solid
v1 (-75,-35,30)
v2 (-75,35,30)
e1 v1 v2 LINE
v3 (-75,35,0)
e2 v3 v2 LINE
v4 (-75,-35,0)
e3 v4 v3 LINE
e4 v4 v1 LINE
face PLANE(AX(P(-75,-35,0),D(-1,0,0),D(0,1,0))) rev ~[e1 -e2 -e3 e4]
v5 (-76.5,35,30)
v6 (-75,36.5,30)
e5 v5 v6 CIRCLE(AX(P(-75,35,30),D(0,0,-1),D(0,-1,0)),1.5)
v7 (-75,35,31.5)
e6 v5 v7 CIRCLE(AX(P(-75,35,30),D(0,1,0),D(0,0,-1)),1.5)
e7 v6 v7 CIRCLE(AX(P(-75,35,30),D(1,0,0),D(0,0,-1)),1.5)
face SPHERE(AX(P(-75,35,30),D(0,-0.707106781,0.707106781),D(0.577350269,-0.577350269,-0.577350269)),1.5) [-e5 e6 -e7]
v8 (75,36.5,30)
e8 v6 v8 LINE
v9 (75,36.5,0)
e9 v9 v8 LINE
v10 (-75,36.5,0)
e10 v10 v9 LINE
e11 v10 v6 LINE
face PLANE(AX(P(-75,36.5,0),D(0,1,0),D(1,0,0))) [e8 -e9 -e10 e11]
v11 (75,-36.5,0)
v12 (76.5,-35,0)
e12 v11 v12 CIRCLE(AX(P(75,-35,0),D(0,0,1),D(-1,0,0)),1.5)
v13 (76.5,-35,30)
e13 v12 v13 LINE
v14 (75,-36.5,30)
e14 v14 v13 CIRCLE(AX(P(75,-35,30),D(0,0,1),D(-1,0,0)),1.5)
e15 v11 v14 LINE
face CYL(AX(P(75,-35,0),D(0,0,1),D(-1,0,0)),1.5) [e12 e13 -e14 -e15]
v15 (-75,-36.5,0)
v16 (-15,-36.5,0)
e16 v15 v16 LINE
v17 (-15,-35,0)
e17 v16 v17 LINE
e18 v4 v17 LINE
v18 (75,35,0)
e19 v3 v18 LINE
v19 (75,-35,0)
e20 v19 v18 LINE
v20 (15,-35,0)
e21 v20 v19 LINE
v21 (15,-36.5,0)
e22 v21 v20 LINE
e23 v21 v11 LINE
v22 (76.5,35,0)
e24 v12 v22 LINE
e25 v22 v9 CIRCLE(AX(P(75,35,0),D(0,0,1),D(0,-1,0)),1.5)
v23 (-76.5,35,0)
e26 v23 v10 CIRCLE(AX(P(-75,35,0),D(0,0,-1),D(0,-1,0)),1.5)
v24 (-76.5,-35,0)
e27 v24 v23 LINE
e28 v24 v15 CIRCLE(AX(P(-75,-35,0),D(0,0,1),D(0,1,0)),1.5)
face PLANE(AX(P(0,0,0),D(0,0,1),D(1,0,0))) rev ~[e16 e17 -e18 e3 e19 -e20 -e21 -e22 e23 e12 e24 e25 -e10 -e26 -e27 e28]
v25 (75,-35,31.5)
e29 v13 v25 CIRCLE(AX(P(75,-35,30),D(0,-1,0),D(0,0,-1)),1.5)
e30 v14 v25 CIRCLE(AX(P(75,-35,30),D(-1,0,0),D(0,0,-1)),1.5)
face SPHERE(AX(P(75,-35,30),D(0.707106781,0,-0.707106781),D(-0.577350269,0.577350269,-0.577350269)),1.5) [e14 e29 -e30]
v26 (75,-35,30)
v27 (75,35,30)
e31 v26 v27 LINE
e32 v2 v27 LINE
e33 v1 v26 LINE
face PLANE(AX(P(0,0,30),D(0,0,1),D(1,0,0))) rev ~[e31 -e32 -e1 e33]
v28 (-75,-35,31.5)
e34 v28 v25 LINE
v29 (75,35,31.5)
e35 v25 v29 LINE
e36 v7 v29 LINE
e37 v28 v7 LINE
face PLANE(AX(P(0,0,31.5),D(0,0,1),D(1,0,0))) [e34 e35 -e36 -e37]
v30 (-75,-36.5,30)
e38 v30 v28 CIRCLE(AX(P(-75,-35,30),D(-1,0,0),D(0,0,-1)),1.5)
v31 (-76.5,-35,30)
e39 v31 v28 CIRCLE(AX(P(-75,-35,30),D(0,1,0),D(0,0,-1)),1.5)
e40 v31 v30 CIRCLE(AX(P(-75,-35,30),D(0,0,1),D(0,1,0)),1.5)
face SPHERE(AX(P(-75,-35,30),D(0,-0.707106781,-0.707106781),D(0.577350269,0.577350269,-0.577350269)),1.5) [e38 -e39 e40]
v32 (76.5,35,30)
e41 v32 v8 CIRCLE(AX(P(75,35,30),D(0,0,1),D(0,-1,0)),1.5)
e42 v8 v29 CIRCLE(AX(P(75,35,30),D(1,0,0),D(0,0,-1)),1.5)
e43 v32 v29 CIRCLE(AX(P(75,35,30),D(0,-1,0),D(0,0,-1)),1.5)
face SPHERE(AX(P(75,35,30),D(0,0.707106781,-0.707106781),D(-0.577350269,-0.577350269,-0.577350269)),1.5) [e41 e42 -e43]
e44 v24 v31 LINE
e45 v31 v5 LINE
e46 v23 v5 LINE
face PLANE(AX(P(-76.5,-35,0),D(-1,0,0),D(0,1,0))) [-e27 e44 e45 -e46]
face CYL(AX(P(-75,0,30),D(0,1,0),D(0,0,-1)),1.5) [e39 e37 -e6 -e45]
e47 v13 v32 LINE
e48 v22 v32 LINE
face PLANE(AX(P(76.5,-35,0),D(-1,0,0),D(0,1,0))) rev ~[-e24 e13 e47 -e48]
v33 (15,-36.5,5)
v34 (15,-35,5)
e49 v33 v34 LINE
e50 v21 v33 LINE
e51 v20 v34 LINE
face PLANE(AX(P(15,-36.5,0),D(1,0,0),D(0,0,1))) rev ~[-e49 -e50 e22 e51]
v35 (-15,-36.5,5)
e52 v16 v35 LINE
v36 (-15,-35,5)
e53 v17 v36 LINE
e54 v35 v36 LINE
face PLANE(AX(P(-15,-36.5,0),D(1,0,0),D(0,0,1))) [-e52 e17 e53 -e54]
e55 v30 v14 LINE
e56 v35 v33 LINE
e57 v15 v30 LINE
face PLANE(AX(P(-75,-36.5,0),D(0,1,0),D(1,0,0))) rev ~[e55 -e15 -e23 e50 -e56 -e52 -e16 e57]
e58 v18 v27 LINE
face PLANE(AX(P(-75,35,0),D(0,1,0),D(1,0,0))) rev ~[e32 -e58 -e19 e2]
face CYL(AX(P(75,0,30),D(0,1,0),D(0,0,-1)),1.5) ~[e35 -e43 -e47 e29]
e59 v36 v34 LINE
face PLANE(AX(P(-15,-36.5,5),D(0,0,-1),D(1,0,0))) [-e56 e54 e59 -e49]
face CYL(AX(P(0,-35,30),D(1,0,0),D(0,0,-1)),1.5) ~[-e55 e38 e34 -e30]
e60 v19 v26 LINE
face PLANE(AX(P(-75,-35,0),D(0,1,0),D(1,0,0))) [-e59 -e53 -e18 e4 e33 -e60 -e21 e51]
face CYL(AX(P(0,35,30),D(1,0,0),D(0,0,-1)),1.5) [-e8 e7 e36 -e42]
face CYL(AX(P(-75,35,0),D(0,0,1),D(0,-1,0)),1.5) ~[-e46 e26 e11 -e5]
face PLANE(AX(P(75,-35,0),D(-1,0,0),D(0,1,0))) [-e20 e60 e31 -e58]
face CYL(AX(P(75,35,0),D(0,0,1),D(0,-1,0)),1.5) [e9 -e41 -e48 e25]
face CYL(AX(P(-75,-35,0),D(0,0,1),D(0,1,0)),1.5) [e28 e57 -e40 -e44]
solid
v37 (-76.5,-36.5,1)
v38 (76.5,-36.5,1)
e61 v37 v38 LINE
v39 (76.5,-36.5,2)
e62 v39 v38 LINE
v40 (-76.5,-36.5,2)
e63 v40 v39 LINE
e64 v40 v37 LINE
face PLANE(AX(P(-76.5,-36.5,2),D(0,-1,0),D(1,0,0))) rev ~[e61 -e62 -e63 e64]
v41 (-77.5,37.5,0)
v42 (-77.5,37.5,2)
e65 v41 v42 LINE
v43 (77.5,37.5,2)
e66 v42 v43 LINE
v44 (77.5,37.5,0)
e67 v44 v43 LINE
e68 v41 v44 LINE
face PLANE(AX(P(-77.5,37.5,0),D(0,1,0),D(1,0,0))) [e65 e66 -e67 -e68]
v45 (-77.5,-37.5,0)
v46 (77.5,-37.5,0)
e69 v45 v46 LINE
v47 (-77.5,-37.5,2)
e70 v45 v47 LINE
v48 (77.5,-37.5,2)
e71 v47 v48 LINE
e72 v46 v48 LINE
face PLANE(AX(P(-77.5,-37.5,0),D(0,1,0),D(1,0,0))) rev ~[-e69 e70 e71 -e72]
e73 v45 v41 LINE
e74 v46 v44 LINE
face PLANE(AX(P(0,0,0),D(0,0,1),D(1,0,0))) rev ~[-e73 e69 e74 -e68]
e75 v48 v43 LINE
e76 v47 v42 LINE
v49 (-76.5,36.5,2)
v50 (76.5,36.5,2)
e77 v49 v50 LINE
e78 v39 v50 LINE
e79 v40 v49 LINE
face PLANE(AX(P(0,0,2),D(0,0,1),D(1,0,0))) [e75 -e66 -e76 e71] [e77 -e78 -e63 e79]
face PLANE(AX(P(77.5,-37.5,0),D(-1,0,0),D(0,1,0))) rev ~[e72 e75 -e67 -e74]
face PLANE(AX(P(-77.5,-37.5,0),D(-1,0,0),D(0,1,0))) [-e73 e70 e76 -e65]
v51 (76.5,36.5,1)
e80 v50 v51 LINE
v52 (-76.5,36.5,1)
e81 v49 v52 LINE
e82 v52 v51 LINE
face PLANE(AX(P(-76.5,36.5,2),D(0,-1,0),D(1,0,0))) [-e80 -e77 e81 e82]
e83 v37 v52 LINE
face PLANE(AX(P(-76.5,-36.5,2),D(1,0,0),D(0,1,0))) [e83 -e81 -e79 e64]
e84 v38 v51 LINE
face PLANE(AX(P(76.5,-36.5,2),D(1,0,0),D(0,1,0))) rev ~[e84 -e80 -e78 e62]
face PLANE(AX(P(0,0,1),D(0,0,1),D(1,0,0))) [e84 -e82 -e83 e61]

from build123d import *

# Parameters (mm, degrees)
SKETCH001_W     = 155
SKETCH001_H     = 75
PAD001_DEPTH    = 2
SKETCH002_W     = 153
SKETCH002_H     = 73
POCKET_DEPTH    = 1
SKETCH_W        = 150
SKETCH_H        = 70
PAD_DEPTH       = 30
THICKNESS_T     = 1.5
SKETCH003_W     = 30
SKETCH003_H     = 5
POCKET001_DEPTH = 1.5


with BuildPart() as pocket_hole:
    # Sketch001 → Pad001 (new body)
    with BuildSketch(Plane.XY):
        Rectangle(SKETCH001_W, SKETCH001_H)
    extrude(amount=PAD001_DEPTH)

    # Sketch002 → Pocket (cut)
    with BuildSketch(Plane.XY.offset(2)):
        Rectangle(SKETCH002_W, SKETCH002_H)
    extrude(amount=-POCKET_DEPTH, mode=Mode.SUBTRACT)


with BuildPart() as cover_hole:
    # Sketch → Pad (new body)
    with BuildSketch(Plane.XY):
        Rectangle(SKETCH_W, SKETCH_H)
    extrude(amount=PAD_DEPTH)

    # Thickness
    thickness_openings = [cover_hole.faces().sort_by_distance(p)[0] for p in [
        (0, 0, 0),
    ]]
    offset(amount=THICKNESS_T, openings=thickness_openings)

    # Sketch003 → Pocket001 (cut)
    with BuildSketch(Plane.XZ.offset(36.5)):
        with Locations((0, 2.5)):
            Rectangle(SKETCH003_W, SKETCH003_H)
    extrude(amount=-POCKET001_DEPTH, mode=Mode.SUBTRACT)


solid = Compound([pocket_hole.part, cover_hole.part])
